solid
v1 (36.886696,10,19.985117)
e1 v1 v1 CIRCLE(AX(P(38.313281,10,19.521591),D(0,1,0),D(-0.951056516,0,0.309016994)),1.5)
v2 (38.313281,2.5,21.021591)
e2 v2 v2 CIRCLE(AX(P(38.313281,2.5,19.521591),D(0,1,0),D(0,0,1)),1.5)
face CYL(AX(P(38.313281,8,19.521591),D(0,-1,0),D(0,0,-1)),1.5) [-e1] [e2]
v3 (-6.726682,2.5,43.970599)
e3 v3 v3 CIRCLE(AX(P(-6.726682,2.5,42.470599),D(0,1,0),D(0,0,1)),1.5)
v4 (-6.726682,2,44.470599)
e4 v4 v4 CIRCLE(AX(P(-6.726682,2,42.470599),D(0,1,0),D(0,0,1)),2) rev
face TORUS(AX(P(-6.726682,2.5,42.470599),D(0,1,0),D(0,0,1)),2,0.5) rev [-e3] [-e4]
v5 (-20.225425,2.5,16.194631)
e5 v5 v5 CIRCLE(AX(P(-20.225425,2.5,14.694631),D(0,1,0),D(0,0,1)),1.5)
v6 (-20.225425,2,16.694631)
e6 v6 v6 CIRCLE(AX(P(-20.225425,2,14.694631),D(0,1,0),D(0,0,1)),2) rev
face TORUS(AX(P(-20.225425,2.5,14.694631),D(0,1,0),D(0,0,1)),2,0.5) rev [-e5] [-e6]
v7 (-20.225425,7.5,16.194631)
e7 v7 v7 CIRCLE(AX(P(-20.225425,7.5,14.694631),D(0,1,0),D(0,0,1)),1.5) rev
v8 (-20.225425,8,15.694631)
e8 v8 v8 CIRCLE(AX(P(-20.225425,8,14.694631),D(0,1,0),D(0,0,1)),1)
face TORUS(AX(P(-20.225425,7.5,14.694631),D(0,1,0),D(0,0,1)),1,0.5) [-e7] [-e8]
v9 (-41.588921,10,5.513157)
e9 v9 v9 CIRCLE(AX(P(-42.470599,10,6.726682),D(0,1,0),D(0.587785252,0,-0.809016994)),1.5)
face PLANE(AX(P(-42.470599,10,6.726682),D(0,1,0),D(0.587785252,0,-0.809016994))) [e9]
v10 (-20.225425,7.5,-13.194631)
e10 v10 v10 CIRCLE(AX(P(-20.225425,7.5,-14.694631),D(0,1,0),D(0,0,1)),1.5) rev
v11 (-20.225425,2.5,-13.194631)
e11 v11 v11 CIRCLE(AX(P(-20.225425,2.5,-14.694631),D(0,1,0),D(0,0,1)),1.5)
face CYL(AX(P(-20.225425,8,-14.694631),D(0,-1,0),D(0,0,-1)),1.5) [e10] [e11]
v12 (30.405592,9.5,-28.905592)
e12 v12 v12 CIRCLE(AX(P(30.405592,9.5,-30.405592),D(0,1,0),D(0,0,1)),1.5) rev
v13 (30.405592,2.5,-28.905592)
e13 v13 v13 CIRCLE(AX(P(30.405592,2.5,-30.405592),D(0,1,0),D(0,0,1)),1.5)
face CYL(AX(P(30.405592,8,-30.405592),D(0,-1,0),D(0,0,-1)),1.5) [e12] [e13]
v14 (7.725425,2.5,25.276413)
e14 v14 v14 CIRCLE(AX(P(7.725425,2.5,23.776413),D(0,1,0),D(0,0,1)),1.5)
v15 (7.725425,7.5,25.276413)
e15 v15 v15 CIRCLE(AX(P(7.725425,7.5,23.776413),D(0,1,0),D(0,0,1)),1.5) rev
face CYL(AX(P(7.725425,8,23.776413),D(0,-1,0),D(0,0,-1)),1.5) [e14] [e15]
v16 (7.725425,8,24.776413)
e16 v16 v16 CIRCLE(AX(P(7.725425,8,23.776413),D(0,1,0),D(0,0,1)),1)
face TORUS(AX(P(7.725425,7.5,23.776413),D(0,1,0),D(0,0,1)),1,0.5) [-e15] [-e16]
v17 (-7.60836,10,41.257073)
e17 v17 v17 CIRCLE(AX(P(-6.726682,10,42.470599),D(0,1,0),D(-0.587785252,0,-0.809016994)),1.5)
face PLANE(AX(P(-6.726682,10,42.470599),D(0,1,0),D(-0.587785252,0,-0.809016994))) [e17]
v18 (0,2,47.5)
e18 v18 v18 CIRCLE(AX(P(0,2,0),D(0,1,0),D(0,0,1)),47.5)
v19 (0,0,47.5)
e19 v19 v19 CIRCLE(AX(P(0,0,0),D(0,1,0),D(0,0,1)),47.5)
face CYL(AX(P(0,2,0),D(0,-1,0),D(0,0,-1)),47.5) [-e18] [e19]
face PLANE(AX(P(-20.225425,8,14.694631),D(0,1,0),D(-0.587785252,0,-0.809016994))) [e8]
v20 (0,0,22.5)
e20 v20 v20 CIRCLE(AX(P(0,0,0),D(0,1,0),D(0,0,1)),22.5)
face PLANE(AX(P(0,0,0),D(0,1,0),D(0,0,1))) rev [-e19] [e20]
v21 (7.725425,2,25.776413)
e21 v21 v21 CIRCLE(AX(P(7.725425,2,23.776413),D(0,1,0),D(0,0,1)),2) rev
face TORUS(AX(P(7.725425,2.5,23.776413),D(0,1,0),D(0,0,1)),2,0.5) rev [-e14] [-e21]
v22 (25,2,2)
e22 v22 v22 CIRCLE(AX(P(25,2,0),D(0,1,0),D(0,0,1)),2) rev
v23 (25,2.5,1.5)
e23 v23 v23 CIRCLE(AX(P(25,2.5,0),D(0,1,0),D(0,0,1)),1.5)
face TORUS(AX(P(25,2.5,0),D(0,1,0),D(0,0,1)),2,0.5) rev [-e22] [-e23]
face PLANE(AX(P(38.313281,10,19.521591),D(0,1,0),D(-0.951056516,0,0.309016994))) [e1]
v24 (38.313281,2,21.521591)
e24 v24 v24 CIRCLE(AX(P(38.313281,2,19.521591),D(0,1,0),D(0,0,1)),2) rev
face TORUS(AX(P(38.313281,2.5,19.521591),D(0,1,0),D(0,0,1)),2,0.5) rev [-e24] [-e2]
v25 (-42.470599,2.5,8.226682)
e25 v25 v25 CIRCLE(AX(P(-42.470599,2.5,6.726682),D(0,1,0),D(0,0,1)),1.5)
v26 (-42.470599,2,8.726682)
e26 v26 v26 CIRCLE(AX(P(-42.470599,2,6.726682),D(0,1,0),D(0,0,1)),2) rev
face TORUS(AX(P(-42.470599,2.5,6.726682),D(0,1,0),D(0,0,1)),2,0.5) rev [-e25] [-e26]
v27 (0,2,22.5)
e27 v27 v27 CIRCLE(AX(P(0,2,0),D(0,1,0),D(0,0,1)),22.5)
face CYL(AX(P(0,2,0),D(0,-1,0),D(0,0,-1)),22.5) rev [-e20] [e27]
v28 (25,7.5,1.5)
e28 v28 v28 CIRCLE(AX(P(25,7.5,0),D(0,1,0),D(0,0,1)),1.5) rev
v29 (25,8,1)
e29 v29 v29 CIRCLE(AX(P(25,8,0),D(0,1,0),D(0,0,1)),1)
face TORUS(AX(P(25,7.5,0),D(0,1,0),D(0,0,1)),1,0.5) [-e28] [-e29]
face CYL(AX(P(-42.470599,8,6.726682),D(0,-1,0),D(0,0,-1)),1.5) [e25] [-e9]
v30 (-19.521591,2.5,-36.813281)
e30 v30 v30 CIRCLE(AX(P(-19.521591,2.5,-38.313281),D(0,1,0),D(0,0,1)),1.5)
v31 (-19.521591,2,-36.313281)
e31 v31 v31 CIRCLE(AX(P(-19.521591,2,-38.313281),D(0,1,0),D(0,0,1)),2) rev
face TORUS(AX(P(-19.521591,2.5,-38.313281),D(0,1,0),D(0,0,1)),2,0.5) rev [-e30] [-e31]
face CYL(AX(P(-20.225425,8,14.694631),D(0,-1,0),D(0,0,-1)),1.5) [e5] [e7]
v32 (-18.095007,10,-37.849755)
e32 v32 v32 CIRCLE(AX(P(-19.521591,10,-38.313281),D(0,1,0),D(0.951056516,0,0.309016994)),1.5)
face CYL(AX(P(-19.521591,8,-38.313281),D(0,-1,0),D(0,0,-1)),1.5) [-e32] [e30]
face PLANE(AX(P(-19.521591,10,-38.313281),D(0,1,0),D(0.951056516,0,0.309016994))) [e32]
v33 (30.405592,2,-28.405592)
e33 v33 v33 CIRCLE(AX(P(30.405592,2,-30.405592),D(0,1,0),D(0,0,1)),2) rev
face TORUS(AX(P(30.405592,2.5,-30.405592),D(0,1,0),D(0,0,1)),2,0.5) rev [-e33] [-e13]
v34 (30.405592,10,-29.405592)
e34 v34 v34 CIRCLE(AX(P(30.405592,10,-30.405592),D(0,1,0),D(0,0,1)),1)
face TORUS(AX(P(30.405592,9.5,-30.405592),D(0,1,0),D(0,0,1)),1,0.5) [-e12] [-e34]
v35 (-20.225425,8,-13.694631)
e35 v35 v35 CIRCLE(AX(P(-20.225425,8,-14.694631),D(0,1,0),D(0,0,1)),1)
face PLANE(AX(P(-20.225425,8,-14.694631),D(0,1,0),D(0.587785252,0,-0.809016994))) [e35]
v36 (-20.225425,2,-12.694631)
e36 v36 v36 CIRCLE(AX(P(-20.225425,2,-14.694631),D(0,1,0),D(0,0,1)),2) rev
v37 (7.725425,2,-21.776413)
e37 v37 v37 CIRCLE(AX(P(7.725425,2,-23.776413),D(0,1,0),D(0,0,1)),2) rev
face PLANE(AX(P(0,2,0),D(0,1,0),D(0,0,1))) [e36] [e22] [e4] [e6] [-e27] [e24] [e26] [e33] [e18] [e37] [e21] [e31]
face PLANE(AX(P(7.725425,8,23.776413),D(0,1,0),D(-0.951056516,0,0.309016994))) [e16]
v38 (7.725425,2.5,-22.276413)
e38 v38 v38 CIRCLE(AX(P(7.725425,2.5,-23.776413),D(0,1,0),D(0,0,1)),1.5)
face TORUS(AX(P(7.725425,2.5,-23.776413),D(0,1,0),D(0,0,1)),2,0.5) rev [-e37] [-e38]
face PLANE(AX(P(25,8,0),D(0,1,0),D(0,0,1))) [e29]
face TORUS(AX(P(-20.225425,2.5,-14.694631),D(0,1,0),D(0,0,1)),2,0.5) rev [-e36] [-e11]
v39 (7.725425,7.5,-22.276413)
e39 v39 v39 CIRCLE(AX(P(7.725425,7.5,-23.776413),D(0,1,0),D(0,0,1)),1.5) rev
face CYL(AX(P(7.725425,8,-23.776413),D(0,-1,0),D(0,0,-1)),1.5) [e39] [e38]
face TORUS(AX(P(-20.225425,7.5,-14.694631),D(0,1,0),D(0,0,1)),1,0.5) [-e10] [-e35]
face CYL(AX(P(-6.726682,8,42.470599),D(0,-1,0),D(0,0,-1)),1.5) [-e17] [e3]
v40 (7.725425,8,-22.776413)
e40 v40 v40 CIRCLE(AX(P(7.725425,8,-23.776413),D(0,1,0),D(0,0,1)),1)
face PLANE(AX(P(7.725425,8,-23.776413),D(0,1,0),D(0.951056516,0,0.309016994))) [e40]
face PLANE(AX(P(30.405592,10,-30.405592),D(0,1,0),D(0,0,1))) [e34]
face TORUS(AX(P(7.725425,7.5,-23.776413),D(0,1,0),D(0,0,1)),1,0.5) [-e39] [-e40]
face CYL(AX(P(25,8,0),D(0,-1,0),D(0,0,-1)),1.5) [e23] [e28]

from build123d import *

# Parameters (mm, degrees)
SKETCH1_R                = 47.5
SKETCH1_R_2              = 22.5
BOSS_EXTRUDE1_DEPTH      = 2
SKETCH2_R                = 1.5
BOSS_EXTRUDE2_DEPTH      = 6
FILLET1_R                = 0.5
SKETCH3_R                = 1.5
BOSS_EXTRUDE3_DEPTH      = 2
FILLET2_R                = 0.5
CIRPATTERN1_COUNT        = 5
FILLET1_OF_CIRPATTERN1_R = 0.5


with BuildPart() as part:
    # Sketch1 → Boss-Extrude1 (new body)
    with BuildSketch(Plane(origin=(0, 0, 0), x_dir=(1, 0, 0), z_dir=(0, 1, 0))):
        with Locations(Location((0, 0, 0), (0, 0, 270))):
            Circle(SKETCH1_R)
        with Locations(Location((0, 0, 0), (0, 0, 270))):
            Circle(SKETCH1_R_2, mode=Mode.SUBTRACT)
    extrude(amount=BOSS_EXTRUDE1_DEPTH)

    # Sketch2 → Boss-Extrude2 (add)
    with BuildSketch(Plane(origin=(0, 2, 0), x_dir=(1, 0, 0), z_dir=(0, 1, 0))):
        with Locations(Location((25, 0, 0), (0, 0, 270))):
            Circle(SKETCH2_R)
        with Locations(Location((30.405591591, 30.405591591, 0), (0, 0, 270))):
            Circle(SKETCH2_R)
    boss_extrude2 = extrude(amount=BOSS_EXTRUDE2_DEPTH)

    # Fillet1
    fillet1_edges = [part.edges().sort_by_distance(p)[0] for p in [
        (25, 2, -1.5),
        (25, 8, -1.5),
        (30.405591591, 2, -31.905591591),
    ]]
    fillet(fillet1_edges, radius=FILLET1_R)

    # Sketch3 → Boss-Extrude3 (add)
    with BuildSketch(Plane(origin=(0, 8, 0), x_dir=(1, 0, 0), z_dir=(0, 1, 0))):
        with Locations(Location((30.405591591, 30.405591591, 0), (0, 0, 270))):
            Circle(SKETCH3_R)
    boss_extrude3 = extrude(amount=BOSS_EXTRUDE3_DEPTH)

    # Fillet2
    fillet2_edges = [part.edges().sort_by_distance(p)[0] for p in [
        (30.405591591, 10, -31.905591591),
    ]]
    fillet(fillet2_edges, radius=FILLET2_R)

    # CirPattern1: Boss-Extrude2, Boss-Extrude3 ×5 about axis
    cirpattern1_axis = Axis((0, 0, 0), (0, 1, 0))
    add([boss_extrude2.rotate(cirpattern1_axis, i * 360 / CIRPATTERN1_COUNT) for i in range(1, CIRPATTERN1_COUNT)])
    add([boss_extrude3.rotate(cirpattern1_axis, i * 360 / CIRPATTERN1_COUNT) for i in range(1, CIRPATTERN1_COUNT)])

    # Fillet1 of CirPattern1
    fillet1_of_cirpattern1_edges = [part.edges().sort_by_distance(p)[0] for p in [
        (6.298840085, 2, -24.239938399),
        (6.298840085, 8, -24.239938399),
        (-20.948176263, 2, -38.776806032),
        (-21.107102738, 2, -13.481105816),
        (-21.107102738, 8, -13.481105816),
        (-43.352276524, 2, 7.940207488),
        (-19.343746981, 2, 15.908156799),
        (-19.343746981, 8, 15.908156799),
        (-5.845004118, 2, 43.684124137),
        (9.152009634, 2, 23.312887416),
        (9.152009634, 8, 23.312887416),
        (39.739865315, 2, 19.058065997),
    ]]
    fillet(fillet1_of_cirpattern1_edges, radius=FILLET1_OF_CIRPATTERN1_R)


solid = part.part
